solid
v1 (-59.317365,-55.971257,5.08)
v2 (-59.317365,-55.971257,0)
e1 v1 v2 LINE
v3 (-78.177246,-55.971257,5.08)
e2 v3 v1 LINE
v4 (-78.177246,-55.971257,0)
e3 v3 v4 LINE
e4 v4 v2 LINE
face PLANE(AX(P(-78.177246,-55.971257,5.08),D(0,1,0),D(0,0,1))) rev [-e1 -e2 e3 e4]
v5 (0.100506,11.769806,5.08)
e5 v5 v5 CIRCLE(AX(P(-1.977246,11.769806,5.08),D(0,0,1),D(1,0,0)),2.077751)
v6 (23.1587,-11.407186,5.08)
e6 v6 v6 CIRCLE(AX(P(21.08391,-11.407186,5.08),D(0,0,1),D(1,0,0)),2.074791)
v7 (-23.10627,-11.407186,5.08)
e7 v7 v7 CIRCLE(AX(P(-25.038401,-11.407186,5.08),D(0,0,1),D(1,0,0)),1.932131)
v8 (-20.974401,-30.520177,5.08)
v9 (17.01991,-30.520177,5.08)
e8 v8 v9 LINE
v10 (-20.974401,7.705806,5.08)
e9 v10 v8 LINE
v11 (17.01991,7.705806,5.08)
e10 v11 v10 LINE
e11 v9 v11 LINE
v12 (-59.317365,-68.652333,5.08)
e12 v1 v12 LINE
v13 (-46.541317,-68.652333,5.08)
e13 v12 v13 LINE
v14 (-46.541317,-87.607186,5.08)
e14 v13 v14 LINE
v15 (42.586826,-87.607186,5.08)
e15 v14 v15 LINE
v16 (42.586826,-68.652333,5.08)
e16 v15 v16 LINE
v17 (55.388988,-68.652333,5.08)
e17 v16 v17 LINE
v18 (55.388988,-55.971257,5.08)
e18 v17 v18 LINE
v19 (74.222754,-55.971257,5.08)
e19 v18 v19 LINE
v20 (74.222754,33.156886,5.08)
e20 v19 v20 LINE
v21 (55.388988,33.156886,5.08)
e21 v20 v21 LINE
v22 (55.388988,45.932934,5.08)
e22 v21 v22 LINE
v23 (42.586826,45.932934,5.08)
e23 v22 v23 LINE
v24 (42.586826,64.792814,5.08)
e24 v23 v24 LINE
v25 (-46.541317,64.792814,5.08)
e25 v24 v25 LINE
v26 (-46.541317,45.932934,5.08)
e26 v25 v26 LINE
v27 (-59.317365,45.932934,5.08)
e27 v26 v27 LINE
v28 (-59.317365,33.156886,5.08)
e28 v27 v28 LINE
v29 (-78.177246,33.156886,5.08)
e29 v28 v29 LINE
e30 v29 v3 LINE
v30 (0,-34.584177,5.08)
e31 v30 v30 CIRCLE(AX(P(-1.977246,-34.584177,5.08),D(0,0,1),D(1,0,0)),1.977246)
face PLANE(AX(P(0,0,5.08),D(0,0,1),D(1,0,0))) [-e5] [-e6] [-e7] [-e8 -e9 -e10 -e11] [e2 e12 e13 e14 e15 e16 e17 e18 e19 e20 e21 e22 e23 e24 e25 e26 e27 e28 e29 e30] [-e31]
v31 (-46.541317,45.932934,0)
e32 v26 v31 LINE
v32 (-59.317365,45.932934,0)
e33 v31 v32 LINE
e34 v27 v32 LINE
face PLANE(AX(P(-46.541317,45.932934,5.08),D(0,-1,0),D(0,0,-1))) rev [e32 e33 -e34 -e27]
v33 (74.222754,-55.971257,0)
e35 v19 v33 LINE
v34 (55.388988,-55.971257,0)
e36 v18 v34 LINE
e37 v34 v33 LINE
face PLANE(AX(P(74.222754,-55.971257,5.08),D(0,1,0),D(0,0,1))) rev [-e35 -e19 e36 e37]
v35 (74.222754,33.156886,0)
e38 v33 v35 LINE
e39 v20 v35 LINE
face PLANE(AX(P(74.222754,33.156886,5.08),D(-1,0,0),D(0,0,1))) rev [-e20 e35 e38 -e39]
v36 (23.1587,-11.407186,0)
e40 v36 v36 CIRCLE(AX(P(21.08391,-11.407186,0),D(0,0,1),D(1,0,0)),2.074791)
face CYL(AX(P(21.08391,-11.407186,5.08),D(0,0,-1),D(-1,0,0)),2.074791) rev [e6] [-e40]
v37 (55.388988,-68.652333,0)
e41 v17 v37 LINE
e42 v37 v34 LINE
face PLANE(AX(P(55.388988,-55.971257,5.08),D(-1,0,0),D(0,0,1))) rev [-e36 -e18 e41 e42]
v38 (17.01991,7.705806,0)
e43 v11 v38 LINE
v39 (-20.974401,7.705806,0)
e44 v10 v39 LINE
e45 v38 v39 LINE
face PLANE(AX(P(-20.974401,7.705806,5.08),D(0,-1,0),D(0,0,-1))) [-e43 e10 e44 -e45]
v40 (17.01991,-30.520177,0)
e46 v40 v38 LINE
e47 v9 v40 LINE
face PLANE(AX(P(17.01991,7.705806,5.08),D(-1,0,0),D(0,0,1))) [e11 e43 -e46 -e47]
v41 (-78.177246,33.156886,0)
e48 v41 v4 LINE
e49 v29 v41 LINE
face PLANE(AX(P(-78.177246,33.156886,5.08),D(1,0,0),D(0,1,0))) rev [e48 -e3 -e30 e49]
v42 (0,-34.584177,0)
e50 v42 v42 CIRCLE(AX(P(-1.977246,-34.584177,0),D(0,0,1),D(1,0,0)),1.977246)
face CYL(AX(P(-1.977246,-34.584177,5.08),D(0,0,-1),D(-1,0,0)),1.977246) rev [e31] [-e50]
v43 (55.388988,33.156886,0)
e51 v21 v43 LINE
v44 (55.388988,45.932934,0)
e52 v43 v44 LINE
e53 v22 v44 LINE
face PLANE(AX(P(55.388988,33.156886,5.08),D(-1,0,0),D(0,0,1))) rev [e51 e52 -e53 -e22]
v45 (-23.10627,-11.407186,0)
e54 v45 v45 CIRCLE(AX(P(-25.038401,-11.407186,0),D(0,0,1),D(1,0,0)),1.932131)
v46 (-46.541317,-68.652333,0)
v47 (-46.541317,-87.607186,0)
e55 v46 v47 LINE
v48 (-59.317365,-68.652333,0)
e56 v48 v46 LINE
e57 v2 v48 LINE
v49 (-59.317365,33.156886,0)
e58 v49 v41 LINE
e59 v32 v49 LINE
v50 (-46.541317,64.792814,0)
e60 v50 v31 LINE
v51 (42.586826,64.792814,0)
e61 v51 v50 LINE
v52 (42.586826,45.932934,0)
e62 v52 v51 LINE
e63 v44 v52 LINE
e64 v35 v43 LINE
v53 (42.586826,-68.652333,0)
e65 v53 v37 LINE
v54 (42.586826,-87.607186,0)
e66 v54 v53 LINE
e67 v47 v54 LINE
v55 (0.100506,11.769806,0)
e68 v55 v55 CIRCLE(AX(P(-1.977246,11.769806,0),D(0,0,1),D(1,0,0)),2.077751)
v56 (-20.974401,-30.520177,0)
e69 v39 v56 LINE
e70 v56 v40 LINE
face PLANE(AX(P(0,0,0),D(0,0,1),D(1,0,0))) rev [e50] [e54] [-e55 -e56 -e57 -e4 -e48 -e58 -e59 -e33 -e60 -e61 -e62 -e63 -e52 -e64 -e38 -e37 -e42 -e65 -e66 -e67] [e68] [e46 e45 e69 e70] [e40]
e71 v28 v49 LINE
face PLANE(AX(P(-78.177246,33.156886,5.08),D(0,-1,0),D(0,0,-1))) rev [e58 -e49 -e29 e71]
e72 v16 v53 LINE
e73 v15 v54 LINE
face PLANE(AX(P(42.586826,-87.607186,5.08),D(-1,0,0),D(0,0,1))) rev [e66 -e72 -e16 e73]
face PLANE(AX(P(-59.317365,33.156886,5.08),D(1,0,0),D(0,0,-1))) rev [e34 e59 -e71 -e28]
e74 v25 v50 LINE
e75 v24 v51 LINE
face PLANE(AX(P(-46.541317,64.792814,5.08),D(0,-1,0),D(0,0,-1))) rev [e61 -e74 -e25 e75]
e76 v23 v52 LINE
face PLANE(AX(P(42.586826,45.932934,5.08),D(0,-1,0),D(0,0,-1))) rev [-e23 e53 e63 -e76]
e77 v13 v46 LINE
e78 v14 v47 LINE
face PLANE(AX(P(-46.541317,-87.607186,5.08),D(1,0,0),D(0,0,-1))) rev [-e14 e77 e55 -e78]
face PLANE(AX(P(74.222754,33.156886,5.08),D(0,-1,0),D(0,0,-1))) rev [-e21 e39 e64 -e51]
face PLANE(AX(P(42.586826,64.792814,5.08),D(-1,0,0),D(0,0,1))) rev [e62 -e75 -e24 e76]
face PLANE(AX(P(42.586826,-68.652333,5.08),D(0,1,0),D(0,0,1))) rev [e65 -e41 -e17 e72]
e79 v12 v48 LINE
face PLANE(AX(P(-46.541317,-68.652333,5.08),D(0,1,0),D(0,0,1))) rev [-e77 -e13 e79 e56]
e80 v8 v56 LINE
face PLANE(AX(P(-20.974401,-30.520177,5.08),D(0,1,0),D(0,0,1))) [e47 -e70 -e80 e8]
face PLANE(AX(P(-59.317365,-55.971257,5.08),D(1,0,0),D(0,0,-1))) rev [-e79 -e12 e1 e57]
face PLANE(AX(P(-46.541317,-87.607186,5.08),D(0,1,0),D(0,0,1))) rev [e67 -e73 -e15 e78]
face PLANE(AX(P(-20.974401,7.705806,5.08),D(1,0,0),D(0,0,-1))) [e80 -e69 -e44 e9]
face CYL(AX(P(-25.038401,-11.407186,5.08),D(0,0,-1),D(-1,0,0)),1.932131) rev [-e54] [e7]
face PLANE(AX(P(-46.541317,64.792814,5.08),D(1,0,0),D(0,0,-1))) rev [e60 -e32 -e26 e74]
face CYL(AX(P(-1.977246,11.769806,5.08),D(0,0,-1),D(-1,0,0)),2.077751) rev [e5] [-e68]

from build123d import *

# Parameters (mm, degrees)
SKETCH1_R           = 1.932130595
SKETCH1_R_2         = 2.077751344
SKETCH1_R_3         = 2.074790544
SKETCH1_R_4         = 1.977245509
SKETCH1_W           = 37.994310796
SKETCH1_H           = 38.225983422
BOSS_EXTRUDE1_DEPTH = 5.08


with BuildPart() as part:
    # Sketch1 → Boss-Extrude1 (new body)
    with BuildSketch(Plane.XY):
        Polygon((-46.541317365, 64.792814371), (42.586826347, 64.792814371), (42.586826347, 45.932934132), (55.3889879, 45.932934132), (55.3889879, 33.156886228), (74.222754491, 33.156886228), (74.222754491, -55.971257485), (55.3889879, -55.971257485), (55.3889879, -68.652333238), (42.586826347, -68.652333238), (42.586826347, -87.607185629), (-46.541317365, -87.607185629), (-46.541317365, -68.652333238), (-59.317365269, -68.652333238), (-59.317365269, -55.971257485), (-78.177245509, -55.971257485), (-78.177245509, 33.156886228), (-59.317365269, 33.156886228), (-59.317365269, 45.932934132), (-46.541317365, 45.932934132), align=None)
        with Locations((-25.038400907, -11.407185629)):
            Circle(SKETCH1_R, mode=Mode.SUBTRACT)
        with Locations((-1.977245509, 11.769806082)):
            Circle(SKETCH1_R_2, mode=Mode.SUBTRACT)
        with Locations((21.083909889, -11.407185629)):
            Circle(SKETCH1_R_3, mode=Mode.SUBTRACT)
        with Locations((-1.977245509, -34.58417734)):
            Circle(SKETCH1_R_4, mode=Mode.SUBTRACT)
        with Locations((-1.977245509, -11.407185629)):
            Rectangle(SKETCH1_W, SKETCH1_H, mode=Mode.SUBTRACT)
    extrude(amount=BOSS_EXTRUDE1_DEPTH)


solid = part.part
